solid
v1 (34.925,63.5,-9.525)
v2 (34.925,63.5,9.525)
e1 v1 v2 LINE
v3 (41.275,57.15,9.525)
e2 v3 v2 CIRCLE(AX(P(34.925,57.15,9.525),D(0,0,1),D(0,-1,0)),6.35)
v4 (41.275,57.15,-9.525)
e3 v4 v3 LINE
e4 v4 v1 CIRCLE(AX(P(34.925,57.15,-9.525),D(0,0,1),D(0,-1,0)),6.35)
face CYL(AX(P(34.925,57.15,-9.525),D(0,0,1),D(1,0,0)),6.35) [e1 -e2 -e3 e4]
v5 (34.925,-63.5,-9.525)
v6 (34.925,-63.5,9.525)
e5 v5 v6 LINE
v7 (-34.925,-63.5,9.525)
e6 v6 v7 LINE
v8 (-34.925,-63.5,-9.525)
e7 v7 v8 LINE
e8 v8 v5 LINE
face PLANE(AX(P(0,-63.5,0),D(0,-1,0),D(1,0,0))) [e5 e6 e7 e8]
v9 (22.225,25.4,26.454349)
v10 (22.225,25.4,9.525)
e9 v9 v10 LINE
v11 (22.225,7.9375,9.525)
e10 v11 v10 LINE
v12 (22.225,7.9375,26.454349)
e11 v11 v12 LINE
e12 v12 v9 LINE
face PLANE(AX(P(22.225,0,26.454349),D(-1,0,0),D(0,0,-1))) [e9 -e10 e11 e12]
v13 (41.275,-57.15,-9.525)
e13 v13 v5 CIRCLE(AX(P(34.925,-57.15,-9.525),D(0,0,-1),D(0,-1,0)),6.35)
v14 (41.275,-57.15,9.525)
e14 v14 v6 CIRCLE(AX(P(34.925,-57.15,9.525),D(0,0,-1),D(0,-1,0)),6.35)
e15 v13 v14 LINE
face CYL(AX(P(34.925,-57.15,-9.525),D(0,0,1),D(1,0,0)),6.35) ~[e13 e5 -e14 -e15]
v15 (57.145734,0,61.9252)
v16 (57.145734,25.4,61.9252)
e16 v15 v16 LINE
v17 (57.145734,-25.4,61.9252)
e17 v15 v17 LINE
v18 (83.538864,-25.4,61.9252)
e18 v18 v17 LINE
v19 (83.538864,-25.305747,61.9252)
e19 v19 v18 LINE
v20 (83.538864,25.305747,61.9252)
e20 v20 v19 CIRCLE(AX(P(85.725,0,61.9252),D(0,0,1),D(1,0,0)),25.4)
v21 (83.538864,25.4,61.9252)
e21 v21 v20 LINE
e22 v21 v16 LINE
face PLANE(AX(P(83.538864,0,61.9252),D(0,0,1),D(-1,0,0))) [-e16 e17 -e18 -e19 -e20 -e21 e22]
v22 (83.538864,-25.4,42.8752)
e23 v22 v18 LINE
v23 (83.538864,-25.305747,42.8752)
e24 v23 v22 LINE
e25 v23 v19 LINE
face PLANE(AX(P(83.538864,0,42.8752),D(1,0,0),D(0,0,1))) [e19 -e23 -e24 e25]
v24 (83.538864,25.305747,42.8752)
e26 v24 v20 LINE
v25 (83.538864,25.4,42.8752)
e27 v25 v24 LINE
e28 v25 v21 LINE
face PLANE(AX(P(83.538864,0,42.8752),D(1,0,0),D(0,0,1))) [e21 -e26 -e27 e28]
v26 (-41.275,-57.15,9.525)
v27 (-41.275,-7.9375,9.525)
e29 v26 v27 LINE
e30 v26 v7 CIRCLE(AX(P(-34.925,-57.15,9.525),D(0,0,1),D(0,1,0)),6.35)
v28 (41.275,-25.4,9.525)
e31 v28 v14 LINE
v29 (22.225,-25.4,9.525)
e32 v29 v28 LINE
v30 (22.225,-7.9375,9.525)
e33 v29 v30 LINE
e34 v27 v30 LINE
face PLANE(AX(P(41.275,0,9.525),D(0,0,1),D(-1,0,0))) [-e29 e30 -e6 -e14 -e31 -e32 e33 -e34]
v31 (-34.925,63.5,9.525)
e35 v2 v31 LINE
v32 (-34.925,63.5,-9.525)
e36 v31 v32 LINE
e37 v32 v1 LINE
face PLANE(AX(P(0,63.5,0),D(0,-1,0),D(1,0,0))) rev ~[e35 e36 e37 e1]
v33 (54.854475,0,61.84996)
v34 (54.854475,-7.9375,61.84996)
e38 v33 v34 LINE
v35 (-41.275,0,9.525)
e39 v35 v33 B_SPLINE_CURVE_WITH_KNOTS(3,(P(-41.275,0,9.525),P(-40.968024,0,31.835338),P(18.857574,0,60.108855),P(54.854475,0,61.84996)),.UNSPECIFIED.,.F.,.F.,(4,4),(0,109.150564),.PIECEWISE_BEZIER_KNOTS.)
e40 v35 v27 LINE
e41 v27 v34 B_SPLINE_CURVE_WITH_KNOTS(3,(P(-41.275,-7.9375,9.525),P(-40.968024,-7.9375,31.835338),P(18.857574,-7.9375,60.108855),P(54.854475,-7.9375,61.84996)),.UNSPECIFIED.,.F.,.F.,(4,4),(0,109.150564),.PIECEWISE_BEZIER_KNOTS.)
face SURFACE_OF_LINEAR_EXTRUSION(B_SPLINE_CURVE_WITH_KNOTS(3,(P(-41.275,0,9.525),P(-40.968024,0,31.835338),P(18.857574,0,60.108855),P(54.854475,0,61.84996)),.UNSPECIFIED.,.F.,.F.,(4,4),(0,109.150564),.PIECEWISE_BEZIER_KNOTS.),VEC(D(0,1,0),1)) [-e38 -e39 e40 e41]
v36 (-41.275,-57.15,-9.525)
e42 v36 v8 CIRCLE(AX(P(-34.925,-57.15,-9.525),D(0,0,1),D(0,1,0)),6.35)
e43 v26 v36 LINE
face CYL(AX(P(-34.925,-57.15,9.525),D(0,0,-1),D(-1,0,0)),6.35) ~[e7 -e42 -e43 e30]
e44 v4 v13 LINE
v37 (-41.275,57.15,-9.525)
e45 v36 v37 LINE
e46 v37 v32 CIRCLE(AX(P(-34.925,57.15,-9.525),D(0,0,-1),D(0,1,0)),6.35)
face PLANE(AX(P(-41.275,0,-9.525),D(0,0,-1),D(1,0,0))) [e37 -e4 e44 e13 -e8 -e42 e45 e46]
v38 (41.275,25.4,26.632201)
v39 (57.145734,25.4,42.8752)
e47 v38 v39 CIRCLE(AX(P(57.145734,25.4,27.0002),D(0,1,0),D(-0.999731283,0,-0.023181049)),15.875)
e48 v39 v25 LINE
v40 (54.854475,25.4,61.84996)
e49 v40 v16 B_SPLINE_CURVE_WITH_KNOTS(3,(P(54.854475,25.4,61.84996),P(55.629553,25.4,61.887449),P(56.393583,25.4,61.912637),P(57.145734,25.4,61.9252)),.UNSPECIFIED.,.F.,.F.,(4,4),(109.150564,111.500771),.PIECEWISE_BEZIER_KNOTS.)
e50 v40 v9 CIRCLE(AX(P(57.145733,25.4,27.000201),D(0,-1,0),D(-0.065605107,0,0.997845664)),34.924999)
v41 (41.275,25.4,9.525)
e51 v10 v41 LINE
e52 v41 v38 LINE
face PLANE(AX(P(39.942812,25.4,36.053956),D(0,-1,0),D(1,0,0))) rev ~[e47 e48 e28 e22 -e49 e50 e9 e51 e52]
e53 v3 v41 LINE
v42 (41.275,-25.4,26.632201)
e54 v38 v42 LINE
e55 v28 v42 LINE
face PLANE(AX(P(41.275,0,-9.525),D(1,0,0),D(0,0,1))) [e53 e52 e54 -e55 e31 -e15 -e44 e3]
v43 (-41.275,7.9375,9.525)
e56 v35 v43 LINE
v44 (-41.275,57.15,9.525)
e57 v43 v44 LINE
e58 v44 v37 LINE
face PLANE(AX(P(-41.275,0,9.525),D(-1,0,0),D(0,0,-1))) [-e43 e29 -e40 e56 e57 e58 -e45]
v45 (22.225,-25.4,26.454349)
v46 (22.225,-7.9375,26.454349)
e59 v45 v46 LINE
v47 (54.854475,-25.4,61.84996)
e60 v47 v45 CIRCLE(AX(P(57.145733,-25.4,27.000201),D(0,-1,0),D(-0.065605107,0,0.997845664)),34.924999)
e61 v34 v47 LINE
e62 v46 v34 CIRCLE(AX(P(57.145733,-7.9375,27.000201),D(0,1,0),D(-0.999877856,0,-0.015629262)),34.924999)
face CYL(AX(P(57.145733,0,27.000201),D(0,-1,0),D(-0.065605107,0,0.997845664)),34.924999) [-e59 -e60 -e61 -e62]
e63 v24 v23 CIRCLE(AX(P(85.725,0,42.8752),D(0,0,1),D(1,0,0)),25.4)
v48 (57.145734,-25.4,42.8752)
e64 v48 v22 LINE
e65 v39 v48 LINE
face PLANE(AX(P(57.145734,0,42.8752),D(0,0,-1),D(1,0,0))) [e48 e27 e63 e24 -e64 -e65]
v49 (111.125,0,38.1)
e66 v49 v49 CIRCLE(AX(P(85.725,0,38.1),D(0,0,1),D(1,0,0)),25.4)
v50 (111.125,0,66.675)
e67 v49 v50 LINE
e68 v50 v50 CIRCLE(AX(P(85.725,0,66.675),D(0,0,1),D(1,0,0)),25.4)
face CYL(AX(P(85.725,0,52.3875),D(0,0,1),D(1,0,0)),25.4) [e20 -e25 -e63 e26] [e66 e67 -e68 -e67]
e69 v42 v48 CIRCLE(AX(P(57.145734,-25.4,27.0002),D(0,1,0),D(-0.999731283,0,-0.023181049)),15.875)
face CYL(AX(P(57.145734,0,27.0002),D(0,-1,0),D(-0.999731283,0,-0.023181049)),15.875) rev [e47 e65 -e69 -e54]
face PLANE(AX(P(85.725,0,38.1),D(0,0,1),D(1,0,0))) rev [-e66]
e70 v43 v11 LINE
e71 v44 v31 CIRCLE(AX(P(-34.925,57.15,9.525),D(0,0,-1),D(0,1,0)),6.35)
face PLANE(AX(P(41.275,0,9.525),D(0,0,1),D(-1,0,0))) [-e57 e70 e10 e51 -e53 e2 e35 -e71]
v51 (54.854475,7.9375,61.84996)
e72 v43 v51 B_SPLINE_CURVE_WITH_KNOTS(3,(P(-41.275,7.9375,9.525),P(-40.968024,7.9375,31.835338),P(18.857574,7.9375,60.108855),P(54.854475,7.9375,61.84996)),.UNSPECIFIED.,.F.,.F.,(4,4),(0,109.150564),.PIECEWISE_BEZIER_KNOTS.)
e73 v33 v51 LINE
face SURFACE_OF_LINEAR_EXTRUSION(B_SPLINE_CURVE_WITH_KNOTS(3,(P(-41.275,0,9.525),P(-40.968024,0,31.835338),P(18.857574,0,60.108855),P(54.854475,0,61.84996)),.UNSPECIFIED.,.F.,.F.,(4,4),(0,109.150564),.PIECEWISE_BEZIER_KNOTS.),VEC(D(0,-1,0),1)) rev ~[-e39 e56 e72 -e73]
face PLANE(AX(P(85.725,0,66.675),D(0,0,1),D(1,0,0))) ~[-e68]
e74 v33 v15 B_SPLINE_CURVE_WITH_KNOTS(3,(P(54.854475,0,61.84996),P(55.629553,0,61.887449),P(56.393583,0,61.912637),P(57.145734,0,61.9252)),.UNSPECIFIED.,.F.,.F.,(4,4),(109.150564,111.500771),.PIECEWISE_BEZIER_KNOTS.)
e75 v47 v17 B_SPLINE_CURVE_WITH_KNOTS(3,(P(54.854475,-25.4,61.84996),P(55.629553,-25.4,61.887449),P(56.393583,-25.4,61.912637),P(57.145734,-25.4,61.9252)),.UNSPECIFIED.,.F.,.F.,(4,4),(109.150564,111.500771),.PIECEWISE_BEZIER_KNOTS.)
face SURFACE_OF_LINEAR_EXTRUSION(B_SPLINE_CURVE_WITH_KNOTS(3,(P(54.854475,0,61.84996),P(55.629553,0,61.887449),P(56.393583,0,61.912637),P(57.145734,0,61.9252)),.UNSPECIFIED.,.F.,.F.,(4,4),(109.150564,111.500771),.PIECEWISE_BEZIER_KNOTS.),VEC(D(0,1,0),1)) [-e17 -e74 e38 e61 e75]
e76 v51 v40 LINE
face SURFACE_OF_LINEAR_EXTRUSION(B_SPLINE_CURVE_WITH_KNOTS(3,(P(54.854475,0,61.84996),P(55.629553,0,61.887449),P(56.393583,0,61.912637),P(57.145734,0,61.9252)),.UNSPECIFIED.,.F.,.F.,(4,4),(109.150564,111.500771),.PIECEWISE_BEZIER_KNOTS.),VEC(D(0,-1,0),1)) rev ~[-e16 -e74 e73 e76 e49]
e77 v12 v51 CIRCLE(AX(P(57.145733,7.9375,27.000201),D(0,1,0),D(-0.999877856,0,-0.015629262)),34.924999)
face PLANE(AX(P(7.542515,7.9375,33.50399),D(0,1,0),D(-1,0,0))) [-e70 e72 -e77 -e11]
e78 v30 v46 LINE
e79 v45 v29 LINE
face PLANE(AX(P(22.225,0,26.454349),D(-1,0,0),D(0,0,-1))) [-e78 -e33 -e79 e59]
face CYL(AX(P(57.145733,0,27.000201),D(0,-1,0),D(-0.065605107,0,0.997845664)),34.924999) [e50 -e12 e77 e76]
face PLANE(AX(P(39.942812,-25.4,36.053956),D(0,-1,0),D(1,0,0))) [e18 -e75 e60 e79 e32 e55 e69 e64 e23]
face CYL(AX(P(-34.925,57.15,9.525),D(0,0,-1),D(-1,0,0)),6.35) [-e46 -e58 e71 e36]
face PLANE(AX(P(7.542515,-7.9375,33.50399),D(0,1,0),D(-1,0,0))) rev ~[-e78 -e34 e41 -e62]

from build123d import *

# Parameters (mm, degrees)
F1_DEPTH = 63.5
F0_W     = 23.213864
F0_H     = 19.05
F2_DEPTH = 25.4
F3_DEPTH = 7.9375
F0_W_2   = 25.4
F0_H_2   = 28.575
F5_R     = 6.35


with BuildPart() as f1:
    # F0 (on Front) → F1 (new body, symmetric)
    with BuildSketch(Plane.XZ):
        Polygon((-41.275, -9.525), (41.275, -9.525), (41.275, 9.525), (22.225, 9.525), (-41.275, 9.525), align=None)
    extrude(amount=F1_DEPTH, both=True)

    # F0 (on Front) → F2 (join, symmetric)
    with BuildSketch(Plane.XZ):
        with BuildLine():
            Line((22.225, 9.525), (41.275, 9.525))
            Line((41.275, 9.525), (41.275, 26.632201))
            ThreePointArc((41.275, 26.632201), (45.791052, 38.09465), (57.145734, 42.8752))
            Line((57.145734, 42.8752), (60.325, 42.8752))
            Line((60.325, 42.8752), (60.325, 61.9252))
            Line((60.325, 61.9252), (57.145734, 61.9252))
            add(Edge.make_bspline(
                [(54.854475, 61.84996), (55.629553, 61.887449), (56.393583, 61.912637), (57.145734, 61.9252)],
                knots=[109.150564, 109.150564, 109.150564, 109.150564, 111.500771, 111.500771, 111.500771, 111.500771], degree=3))
            ThreePointArc((54.854475, 61.84996), (31.467038, 50.672129), (22.225, 26.454349))
            Line((22.225, 26.454349), (22.225, 9.525))
        make_face()
        with Locations((71.931932, 52.4002)):
            Rectangle(F0_W, F0_H)
    extrude(amount=F2_DEPTH, both=True)

    # F0 (on Front) → F3 (join, symmetric)
    with BuildSketch(Plane.XZ):
        with BuildLine():
            add(Edge.make_bspline(
                [(-41.275, 9.525), (-40.968024, 31.835338), (18.857574, 60.108855), (54.854475, 61.84996)],
                knots=[0, 0, 0, 0, 109.150564, 109.150564, 109.150564, 109.150564], degree=3))
            Line((-41.275, 9.525), (22.225, 9.525))
            Line((22.225, 9.525), (22.225, 26.454349))
            ThreePointArc((22.225, 26.454349), (31.467038, 50.672129), (54.854475, 61.84996))
        make_face()
    extrude(amount=F3_DEPTH, both=True)

    # F0 (on Front) → F4 (revolve)
    with BuildSketch(Plane.XZ):
        with Locations((98.425, 52.3875)):
            Rectangle(F0_W_2, F0_H_2)
    revolve(axis=Axis((85.725, 0, 52.3875), (0, 0, 1)))

    # F5
    f5_edges = [f1.edges().sort_by_distance(p)[0] for p in [
        (-41.275, -63.5, 0),
        (41.275, -63.5, 0),
        (41.275, 63.5, 0),
        (-41.275, 63.5, 0),
    ]]
    fillet(f5_edges, radius=F5_R)


solid = f1.part
